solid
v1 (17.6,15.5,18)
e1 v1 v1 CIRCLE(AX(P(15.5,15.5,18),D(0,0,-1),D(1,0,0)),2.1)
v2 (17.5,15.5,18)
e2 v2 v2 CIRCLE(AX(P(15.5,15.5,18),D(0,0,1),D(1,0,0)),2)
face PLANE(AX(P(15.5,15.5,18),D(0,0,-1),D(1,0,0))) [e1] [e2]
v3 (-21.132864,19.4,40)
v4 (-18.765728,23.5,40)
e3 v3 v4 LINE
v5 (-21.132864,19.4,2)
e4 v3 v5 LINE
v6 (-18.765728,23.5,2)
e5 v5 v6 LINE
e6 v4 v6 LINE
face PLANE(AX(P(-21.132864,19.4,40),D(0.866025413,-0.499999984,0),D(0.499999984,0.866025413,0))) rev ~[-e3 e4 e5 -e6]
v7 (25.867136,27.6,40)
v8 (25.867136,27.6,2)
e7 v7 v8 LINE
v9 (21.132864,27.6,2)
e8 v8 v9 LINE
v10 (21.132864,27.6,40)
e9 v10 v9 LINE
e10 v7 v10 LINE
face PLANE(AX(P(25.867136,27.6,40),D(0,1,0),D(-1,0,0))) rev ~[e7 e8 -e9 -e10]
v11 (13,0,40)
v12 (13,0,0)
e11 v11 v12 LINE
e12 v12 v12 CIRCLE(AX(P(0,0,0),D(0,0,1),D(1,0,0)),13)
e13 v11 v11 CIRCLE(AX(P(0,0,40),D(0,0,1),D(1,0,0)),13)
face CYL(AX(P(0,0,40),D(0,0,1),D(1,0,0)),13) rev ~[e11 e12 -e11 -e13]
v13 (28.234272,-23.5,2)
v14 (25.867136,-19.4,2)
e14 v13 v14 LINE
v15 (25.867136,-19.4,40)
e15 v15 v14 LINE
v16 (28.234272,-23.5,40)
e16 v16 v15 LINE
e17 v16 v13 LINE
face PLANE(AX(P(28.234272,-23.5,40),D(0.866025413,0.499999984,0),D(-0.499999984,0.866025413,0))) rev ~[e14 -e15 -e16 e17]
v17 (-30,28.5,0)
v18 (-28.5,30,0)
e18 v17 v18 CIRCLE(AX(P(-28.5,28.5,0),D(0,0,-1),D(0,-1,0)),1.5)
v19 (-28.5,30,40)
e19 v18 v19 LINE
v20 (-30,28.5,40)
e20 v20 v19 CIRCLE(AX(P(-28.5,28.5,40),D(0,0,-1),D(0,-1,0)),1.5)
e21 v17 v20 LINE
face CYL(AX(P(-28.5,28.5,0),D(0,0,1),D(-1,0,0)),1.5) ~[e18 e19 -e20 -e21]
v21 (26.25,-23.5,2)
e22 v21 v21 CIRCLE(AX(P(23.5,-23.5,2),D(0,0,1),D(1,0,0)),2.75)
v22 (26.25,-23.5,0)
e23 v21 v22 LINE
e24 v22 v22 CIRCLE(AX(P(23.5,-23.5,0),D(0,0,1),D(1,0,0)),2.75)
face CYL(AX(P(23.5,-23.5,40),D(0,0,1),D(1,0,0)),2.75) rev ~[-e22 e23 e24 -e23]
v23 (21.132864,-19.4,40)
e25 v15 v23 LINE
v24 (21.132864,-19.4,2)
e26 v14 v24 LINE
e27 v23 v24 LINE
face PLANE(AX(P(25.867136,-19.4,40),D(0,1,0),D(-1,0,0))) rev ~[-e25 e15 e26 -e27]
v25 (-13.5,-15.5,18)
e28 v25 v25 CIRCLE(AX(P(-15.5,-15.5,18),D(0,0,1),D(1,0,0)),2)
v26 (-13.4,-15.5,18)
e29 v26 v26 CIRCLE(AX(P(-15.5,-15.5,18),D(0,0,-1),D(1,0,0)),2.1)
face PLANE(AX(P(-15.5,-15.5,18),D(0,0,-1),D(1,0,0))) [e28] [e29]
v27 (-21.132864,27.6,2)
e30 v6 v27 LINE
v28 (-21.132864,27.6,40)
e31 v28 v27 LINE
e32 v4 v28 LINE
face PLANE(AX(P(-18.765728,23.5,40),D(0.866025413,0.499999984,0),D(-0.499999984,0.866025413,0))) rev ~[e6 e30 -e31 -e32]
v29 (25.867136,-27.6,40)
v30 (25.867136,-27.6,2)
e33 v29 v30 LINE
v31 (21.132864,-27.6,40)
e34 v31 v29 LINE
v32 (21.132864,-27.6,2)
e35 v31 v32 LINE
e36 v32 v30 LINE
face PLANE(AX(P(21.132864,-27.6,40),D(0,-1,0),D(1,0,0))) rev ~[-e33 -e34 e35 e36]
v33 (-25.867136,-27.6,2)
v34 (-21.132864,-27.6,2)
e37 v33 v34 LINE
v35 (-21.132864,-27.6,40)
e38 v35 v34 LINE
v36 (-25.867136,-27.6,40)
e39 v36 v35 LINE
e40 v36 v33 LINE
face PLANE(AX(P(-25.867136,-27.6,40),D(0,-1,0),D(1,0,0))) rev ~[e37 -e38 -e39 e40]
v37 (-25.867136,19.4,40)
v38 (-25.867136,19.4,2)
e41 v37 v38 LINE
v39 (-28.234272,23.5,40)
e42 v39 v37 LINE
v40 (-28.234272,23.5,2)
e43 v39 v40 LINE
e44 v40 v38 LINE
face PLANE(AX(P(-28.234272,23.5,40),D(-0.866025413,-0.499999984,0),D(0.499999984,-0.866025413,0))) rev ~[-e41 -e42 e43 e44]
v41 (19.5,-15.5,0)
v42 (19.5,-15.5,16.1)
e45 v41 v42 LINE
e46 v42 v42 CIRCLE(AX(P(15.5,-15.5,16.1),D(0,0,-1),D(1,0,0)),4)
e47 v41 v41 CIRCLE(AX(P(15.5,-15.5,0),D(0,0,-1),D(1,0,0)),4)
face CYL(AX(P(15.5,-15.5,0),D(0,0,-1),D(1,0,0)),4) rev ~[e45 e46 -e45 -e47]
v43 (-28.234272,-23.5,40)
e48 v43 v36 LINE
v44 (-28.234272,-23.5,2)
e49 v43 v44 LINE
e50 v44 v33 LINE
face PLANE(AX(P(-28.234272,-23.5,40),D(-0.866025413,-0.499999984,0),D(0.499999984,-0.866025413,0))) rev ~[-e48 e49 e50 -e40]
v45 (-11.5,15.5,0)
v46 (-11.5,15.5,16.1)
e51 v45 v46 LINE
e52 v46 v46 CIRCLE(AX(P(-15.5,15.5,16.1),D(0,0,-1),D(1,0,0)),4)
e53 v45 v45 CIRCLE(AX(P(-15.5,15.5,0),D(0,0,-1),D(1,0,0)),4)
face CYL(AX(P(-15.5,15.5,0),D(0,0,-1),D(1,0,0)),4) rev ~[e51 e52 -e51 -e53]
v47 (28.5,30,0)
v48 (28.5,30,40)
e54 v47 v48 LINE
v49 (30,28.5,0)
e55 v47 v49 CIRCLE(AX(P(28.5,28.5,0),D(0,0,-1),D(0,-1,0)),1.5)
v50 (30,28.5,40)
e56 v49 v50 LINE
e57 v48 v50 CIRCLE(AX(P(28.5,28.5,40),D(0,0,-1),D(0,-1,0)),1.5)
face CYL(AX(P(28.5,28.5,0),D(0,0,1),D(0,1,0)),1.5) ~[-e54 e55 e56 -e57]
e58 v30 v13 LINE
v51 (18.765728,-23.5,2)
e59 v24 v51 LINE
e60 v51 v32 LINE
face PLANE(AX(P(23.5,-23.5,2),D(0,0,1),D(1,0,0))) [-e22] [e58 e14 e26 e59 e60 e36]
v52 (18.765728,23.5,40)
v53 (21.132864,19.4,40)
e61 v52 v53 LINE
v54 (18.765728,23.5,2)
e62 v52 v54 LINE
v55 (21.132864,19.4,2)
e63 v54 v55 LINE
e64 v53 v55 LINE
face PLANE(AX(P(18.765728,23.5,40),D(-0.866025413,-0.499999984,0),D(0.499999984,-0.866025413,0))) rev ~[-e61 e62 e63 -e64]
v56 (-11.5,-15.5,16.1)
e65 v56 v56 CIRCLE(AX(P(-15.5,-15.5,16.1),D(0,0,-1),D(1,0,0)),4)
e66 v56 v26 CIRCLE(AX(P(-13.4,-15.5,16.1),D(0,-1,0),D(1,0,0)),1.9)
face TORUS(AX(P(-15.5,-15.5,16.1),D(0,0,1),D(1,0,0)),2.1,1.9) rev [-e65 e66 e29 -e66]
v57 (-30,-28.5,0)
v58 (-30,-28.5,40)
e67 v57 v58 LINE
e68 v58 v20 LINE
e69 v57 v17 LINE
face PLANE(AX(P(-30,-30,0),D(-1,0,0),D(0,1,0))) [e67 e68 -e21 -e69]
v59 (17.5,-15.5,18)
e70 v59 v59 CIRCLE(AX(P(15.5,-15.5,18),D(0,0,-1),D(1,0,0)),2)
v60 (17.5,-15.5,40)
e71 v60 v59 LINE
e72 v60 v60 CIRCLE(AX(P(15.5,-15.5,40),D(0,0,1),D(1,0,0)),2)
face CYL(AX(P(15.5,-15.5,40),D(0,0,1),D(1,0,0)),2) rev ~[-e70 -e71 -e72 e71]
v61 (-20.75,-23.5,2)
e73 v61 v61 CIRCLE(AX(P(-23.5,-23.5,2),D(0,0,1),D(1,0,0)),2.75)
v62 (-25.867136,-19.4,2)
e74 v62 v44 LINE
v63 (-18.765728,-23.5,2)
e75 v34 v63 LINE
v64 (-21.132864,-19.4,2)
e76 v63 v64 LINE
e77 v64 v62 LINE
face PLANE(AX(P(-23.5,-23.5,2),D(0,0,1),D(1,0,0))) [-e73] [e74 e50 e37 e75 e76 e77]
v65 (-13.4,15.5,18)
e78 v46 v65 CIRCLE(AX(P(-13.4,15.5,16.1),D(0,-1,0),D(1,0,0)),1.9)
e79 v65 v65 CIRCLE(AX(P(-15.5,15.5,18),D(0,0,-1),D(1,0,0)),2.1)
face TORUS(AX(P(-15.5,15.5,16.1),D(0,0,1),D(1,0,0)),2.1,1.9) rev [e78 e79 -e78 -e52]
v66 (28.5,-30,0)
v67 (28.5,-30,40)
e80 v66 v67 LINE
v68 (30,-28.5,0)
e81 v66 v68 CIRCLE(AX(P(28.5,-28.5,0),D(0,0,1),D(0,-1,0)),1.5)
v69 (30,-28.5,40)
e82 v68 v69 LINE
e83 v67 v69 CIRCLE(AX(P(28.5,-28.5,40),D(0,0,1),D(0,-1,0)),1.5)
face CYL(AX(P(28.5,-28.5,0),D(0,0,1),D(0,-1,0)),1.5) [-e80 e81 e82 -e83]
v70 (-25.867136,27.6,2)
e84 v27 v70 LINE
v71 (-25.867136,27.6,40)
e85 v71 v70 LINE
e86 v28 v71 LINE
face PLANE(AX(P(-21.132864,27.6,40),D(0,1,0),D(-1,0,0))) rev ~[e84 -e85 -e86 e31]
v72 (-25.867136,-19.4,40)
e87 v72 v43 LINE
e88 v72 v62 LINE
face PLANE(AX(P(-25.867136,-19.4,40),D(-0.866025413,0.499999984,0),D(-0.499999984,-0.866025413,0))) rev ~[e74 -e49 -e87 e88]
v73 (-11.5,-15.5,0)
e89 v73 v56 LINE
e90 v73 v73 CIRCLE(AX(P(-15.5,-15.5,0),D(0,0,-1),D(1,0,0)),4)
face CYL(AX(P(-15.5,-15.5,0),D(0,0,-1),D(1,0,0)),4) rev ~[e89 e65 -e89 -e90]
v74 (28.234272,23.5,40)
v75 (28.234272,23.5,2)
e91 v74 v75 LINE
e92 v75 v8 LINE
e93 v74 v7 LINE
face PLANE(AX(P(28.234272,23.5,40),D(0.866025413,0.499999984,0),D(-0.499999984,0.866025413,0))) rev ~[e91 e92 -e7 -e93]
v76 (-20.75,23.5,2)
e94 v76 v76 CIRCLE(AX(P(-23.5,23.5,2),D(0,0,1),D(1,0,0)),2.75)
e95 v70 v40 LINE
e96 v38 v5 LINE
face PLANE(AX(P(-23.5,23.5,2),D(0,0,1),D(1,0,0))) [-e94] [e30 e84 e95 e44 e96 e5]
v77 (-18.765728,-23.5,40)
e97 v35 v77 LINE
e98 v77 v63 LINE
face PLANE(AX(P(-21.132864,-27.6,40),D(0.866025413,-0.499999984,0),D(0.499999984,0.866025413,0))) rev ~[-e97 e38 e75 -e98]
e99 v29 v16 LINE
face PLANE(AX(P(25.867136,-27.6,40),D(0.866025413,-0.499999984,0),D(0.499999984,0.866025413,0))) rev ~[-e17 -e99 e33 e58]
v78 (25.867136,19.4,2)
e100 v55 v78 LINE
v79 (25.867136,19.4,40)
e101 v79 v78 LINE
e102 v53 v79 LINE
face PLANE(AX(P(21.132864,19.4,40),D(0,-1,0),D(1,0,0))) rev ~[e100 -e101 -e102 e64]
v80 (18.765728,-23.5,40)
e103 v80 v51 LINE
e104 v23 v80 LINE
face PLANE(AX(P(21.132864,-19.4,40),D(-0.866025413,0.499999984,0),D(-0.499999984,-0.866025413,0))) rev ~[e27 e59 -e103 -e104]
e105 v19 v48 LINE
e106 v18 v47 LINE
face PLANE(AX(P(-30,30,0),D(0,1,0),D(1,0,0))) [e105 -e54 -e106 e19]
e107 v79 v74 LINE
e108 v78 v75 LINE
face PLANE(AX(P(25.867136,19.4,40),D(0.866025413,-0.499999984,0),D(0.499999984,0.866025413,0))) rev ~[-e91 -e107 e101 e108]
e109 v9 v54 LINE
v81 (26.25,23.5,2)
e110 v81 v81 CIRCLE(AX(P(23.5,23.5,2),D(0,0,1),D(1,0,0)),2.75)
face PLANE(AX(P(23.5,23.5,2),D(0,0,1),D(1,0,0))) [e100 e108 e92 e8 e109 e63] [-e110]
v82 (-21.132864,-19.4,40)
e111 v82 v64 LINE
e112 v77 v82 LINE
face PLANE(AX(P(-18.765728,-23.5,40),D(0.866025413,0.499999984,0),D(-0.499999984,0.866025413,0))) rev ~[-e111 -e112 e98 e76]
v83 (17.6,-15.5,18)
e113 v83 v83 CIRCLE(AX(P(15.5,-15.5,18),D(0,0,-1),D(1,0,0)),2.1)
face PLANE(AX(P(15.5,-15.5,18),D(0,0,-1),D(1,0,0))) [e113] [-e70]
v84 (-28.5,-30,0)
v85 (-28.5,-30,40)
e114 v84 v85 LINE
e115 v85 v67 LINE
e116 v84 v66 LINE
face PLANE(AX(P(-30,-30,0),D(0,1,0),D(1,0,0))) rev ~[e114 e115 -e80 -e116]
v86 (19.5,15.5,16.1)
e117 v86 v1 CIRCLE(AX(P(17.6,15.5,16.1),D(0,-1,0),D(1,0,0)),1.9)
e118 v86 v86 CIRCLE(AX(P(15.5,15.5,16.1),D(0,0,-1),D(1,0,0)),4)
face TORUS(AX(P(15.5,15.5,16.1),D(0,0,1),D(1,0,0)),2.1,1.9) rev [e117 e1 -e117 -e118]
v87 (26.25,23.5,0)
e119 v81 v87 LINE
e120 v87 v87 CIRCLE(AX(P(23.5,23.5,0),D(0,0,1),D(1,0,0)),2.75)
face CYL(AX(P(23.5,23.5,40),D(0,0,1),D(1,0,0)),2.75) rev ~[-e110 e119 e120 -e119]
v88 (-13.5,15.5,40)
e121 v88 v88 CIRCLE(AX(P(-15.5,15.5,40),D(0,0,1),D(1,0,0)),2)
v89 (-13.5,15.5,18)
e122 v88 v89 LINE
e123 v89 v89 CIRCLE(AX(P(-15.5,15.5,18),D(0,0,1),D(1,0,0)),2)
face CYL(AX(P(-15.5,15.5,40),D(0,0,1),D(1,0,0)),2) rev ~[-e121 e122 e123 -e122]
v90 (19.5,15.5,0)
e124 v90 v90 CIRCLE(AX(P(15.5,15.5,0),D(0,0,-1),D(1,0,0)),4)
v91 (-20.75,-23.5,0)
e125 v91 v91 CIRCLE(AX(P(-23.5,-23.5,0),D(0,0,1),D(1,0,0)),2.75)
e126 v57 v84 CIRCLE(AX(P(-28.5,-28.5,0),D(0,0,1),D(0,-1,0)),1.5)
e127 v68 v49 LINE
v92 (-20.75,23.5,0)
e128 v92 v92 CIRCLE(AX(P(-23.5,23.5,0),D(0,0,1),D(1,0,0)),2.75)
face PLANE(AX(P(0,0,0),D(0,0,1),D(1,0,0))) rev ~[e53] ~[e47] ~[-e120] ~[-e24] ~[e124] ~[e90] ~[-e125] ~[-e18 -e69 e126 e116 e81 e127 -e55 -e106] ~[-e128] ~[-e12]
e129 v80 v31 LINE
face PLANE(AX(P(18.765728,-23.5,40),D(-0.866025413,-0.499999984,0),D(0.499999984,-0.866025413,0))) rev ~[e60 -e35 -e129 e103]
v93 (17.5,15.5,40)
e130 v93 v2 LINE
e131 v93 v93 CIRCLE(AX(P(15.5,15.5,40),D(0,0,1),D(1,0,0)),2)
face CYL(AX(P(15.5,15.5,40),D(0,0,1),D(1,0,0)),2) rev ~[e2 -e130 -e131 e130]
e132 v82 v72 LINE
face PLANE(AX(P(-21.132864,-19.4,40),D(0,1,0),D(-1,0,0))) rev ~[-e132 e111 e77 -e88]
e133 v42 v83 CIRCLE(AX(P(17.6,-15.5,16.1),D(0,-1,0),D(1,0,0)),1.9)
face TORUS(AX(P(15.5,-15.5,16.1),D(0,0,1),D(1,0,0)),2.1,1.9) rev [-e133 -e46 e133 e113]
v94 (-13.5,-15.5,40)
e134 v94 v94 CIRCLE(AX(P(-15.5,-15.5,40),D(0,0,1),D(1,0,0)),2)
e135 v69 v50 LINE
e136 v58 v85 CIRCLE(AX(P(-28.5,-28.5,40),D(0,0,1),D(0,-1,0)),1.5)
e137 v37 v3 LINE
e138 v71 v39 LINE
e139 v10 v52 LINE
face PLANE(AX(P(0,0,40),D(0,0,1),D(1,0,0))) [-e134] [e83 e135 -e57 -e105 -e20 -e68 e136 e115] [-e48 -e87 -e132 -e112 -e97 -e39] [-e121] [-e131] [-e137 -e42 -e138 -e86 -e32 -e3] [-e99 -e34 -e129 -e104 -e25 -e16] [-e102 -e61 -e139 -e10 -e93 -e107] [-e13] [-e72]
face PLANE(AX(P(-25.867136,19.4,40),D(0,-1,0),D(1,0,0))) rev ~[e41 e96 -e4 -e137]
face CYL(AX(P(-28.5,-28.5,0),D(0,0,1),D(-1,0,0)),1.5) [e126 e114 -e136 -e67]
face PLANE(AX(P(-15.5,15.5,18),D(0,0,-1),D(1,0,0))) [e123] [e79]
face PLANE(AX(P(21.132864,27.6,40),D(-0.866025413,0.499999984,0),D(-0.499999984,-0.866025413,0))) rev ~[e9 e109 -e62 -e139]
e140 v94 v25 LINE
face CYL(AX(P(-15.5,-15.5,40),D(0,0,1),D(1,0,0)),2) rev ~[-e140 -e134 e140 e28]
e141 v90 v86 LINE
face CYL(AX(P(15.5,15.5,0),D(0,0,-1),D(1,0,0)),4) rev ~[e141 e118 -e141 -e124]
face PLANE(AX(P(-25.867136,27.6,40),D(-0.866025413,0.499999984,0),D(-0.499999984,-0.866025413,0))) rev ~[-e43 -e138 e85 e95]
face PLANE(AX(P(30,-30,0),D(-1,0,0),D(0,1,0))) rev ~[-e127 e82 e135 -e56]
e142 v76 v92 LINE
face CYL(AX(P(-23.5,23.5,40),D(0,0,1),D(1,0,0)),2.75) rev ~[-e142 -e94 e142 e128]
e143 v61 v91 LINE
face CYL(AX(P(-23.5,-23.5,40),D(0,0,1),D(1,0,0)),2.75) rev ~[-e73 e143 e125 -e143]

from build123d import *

# Parameters (mm, degrees)
F0_W      = 60
F0_H      = 60
F1_DEPTH  = 40
F2_R      = 2.75
F3_DEPTH  = 40
F4_R      = 2
F5_DEPTH  = 40
F6_R      = 13
F7_DEPTH  = 40
F8_R      = 1.5
F9_R      = 2.75
F10_DEPTH = 38
F11_R     = 4
F11_R_2   = 2
F12_DEPTH = 18
F13_R     = 1.9


with BuildPart() as f1:
    # F0 (on Top) → F1 (new body)
    with BuildSketch(Plane.XY):
        Rectangle(F0_W, F0_H)
    extrude(amount=F1_DEPTH)

    # F2 (on face) → F3 (cut, through all)
    with BuildSketch(Plane.XY.offset(40)):
        with Locations((-23.5, 23.5)):
            Circle(F2_R)
        with Locations((23.5, 23.5)):
            Circle(F2_R)
        with Locations((23.5, -23.5)):
            Circle(F2_R)
        with Locations((-23.5, -23.5)):
            Circle(F2_R)
    extrude(amount=-F3_DEPTH, mode=Mode.SUBTRACT)

    # F4 (on face) → F5 (cut, through all)
    with BuildSketch(Plane.XY.offset(40)):
        with Locations((-15.5, 15.5)):
            Circle(F4_R)
        with Locations((15.5, 15.5)):
            Circle(F4_R)
        with Locations((15.5, -15.5)):
            Circle(F4_R)
        with Locations((-15.5, -15.5)):
            Circle(F4_R)
    extrude(amount=-F5_DEPTH, mode=Mode.SUBTRACT)

    # F6 (on face) → F7 (cut, through all)
    with BuildSketch(Plane.XY.offset(40)):
        Circle(F6_R)
    extrude(amount=-F7_DEPTH, mode=Mode.SUBTRACT)

    # F8
    f8_edges = [f1.edges().sort_by_distance(p)[0] for p in [
        (30, -30, 20),
        (-30, -30, 20),
        (-30, 30, 20),
        (30, 30, 20),
    ]]
    fillet(f8_edges, radius=F8_R)

    # F9 (on face) → F10 (cut)
    with BuildSketch(Plane.XY.offset(40)):
        Polygon((21.132864, 19.4), (25.867136, 19.4), (28.234272, 23.5), (25.867136, 27.6), (21.132864, 27.6), (18.765728, 23.5), align=None)
        with Locations((23.5, 23.5)):
            Circle(F9_R, mode=Mode.SUBTRACT)
        Polygon((-25.867136, 19.4), (-21.132864, 19.4), (-18.765728, 23.5), (-21.132864, 27.6), (-25.867136, 27.6), (-28.234272, 23.5), align=None)
        Polygon((25.867136, -19.4), (21.132864, -19.4), (18.765728, -23.5), (21.132864, -27.6), (25.867136, -27.6), (28.234272, -23.5), align=None)
        Polygon((-21.132864, -19.4), (-25.867136, -19.4), (-28.234272, -23.5), (-25.867136, -27.6), (-21.132864, -27.6), (-18.765728, -23.5), align=None)
    extrude(amount=-F10_DEPTH, mode=Mode.SUBTRACT)

    # F11 (on face) → F12 (cut)
    with BuildSketch(Plane(origin=(0, 0, 0), x_dir=(1, 0, 0), z_dir=(0, 0, -1))):
        with Locations((15.5, 15.5)):
            Circle(F11_R)
        with Locations((15.5, 15.5)):
            Circle(F11_R_2, mode=Mode.SUBTRACT)
        with Locations((-15.5, 15.5)):
            Circle(F11_R)
        with Locations((-15.5, -15.5)):
            Circle(F11_R)
        with Locations((15.5, -15.5)):
            Circle(F11_R)
    extrude(amount=-F12_DEPTH, mode=Mode.SUBTRACT)

    # F13
    f13_edges = [f1.edges().sort_by_distance(p)[0] for p in [
        (11.5, 15.5, 18),
        (-19.5, 15.5, 18),
        (11.5, -15.5, 18),
        (-19.5, -15.5, 18),
    ]]
    fillet(f13_edges, radius=F13_R)


solid = f1.part
